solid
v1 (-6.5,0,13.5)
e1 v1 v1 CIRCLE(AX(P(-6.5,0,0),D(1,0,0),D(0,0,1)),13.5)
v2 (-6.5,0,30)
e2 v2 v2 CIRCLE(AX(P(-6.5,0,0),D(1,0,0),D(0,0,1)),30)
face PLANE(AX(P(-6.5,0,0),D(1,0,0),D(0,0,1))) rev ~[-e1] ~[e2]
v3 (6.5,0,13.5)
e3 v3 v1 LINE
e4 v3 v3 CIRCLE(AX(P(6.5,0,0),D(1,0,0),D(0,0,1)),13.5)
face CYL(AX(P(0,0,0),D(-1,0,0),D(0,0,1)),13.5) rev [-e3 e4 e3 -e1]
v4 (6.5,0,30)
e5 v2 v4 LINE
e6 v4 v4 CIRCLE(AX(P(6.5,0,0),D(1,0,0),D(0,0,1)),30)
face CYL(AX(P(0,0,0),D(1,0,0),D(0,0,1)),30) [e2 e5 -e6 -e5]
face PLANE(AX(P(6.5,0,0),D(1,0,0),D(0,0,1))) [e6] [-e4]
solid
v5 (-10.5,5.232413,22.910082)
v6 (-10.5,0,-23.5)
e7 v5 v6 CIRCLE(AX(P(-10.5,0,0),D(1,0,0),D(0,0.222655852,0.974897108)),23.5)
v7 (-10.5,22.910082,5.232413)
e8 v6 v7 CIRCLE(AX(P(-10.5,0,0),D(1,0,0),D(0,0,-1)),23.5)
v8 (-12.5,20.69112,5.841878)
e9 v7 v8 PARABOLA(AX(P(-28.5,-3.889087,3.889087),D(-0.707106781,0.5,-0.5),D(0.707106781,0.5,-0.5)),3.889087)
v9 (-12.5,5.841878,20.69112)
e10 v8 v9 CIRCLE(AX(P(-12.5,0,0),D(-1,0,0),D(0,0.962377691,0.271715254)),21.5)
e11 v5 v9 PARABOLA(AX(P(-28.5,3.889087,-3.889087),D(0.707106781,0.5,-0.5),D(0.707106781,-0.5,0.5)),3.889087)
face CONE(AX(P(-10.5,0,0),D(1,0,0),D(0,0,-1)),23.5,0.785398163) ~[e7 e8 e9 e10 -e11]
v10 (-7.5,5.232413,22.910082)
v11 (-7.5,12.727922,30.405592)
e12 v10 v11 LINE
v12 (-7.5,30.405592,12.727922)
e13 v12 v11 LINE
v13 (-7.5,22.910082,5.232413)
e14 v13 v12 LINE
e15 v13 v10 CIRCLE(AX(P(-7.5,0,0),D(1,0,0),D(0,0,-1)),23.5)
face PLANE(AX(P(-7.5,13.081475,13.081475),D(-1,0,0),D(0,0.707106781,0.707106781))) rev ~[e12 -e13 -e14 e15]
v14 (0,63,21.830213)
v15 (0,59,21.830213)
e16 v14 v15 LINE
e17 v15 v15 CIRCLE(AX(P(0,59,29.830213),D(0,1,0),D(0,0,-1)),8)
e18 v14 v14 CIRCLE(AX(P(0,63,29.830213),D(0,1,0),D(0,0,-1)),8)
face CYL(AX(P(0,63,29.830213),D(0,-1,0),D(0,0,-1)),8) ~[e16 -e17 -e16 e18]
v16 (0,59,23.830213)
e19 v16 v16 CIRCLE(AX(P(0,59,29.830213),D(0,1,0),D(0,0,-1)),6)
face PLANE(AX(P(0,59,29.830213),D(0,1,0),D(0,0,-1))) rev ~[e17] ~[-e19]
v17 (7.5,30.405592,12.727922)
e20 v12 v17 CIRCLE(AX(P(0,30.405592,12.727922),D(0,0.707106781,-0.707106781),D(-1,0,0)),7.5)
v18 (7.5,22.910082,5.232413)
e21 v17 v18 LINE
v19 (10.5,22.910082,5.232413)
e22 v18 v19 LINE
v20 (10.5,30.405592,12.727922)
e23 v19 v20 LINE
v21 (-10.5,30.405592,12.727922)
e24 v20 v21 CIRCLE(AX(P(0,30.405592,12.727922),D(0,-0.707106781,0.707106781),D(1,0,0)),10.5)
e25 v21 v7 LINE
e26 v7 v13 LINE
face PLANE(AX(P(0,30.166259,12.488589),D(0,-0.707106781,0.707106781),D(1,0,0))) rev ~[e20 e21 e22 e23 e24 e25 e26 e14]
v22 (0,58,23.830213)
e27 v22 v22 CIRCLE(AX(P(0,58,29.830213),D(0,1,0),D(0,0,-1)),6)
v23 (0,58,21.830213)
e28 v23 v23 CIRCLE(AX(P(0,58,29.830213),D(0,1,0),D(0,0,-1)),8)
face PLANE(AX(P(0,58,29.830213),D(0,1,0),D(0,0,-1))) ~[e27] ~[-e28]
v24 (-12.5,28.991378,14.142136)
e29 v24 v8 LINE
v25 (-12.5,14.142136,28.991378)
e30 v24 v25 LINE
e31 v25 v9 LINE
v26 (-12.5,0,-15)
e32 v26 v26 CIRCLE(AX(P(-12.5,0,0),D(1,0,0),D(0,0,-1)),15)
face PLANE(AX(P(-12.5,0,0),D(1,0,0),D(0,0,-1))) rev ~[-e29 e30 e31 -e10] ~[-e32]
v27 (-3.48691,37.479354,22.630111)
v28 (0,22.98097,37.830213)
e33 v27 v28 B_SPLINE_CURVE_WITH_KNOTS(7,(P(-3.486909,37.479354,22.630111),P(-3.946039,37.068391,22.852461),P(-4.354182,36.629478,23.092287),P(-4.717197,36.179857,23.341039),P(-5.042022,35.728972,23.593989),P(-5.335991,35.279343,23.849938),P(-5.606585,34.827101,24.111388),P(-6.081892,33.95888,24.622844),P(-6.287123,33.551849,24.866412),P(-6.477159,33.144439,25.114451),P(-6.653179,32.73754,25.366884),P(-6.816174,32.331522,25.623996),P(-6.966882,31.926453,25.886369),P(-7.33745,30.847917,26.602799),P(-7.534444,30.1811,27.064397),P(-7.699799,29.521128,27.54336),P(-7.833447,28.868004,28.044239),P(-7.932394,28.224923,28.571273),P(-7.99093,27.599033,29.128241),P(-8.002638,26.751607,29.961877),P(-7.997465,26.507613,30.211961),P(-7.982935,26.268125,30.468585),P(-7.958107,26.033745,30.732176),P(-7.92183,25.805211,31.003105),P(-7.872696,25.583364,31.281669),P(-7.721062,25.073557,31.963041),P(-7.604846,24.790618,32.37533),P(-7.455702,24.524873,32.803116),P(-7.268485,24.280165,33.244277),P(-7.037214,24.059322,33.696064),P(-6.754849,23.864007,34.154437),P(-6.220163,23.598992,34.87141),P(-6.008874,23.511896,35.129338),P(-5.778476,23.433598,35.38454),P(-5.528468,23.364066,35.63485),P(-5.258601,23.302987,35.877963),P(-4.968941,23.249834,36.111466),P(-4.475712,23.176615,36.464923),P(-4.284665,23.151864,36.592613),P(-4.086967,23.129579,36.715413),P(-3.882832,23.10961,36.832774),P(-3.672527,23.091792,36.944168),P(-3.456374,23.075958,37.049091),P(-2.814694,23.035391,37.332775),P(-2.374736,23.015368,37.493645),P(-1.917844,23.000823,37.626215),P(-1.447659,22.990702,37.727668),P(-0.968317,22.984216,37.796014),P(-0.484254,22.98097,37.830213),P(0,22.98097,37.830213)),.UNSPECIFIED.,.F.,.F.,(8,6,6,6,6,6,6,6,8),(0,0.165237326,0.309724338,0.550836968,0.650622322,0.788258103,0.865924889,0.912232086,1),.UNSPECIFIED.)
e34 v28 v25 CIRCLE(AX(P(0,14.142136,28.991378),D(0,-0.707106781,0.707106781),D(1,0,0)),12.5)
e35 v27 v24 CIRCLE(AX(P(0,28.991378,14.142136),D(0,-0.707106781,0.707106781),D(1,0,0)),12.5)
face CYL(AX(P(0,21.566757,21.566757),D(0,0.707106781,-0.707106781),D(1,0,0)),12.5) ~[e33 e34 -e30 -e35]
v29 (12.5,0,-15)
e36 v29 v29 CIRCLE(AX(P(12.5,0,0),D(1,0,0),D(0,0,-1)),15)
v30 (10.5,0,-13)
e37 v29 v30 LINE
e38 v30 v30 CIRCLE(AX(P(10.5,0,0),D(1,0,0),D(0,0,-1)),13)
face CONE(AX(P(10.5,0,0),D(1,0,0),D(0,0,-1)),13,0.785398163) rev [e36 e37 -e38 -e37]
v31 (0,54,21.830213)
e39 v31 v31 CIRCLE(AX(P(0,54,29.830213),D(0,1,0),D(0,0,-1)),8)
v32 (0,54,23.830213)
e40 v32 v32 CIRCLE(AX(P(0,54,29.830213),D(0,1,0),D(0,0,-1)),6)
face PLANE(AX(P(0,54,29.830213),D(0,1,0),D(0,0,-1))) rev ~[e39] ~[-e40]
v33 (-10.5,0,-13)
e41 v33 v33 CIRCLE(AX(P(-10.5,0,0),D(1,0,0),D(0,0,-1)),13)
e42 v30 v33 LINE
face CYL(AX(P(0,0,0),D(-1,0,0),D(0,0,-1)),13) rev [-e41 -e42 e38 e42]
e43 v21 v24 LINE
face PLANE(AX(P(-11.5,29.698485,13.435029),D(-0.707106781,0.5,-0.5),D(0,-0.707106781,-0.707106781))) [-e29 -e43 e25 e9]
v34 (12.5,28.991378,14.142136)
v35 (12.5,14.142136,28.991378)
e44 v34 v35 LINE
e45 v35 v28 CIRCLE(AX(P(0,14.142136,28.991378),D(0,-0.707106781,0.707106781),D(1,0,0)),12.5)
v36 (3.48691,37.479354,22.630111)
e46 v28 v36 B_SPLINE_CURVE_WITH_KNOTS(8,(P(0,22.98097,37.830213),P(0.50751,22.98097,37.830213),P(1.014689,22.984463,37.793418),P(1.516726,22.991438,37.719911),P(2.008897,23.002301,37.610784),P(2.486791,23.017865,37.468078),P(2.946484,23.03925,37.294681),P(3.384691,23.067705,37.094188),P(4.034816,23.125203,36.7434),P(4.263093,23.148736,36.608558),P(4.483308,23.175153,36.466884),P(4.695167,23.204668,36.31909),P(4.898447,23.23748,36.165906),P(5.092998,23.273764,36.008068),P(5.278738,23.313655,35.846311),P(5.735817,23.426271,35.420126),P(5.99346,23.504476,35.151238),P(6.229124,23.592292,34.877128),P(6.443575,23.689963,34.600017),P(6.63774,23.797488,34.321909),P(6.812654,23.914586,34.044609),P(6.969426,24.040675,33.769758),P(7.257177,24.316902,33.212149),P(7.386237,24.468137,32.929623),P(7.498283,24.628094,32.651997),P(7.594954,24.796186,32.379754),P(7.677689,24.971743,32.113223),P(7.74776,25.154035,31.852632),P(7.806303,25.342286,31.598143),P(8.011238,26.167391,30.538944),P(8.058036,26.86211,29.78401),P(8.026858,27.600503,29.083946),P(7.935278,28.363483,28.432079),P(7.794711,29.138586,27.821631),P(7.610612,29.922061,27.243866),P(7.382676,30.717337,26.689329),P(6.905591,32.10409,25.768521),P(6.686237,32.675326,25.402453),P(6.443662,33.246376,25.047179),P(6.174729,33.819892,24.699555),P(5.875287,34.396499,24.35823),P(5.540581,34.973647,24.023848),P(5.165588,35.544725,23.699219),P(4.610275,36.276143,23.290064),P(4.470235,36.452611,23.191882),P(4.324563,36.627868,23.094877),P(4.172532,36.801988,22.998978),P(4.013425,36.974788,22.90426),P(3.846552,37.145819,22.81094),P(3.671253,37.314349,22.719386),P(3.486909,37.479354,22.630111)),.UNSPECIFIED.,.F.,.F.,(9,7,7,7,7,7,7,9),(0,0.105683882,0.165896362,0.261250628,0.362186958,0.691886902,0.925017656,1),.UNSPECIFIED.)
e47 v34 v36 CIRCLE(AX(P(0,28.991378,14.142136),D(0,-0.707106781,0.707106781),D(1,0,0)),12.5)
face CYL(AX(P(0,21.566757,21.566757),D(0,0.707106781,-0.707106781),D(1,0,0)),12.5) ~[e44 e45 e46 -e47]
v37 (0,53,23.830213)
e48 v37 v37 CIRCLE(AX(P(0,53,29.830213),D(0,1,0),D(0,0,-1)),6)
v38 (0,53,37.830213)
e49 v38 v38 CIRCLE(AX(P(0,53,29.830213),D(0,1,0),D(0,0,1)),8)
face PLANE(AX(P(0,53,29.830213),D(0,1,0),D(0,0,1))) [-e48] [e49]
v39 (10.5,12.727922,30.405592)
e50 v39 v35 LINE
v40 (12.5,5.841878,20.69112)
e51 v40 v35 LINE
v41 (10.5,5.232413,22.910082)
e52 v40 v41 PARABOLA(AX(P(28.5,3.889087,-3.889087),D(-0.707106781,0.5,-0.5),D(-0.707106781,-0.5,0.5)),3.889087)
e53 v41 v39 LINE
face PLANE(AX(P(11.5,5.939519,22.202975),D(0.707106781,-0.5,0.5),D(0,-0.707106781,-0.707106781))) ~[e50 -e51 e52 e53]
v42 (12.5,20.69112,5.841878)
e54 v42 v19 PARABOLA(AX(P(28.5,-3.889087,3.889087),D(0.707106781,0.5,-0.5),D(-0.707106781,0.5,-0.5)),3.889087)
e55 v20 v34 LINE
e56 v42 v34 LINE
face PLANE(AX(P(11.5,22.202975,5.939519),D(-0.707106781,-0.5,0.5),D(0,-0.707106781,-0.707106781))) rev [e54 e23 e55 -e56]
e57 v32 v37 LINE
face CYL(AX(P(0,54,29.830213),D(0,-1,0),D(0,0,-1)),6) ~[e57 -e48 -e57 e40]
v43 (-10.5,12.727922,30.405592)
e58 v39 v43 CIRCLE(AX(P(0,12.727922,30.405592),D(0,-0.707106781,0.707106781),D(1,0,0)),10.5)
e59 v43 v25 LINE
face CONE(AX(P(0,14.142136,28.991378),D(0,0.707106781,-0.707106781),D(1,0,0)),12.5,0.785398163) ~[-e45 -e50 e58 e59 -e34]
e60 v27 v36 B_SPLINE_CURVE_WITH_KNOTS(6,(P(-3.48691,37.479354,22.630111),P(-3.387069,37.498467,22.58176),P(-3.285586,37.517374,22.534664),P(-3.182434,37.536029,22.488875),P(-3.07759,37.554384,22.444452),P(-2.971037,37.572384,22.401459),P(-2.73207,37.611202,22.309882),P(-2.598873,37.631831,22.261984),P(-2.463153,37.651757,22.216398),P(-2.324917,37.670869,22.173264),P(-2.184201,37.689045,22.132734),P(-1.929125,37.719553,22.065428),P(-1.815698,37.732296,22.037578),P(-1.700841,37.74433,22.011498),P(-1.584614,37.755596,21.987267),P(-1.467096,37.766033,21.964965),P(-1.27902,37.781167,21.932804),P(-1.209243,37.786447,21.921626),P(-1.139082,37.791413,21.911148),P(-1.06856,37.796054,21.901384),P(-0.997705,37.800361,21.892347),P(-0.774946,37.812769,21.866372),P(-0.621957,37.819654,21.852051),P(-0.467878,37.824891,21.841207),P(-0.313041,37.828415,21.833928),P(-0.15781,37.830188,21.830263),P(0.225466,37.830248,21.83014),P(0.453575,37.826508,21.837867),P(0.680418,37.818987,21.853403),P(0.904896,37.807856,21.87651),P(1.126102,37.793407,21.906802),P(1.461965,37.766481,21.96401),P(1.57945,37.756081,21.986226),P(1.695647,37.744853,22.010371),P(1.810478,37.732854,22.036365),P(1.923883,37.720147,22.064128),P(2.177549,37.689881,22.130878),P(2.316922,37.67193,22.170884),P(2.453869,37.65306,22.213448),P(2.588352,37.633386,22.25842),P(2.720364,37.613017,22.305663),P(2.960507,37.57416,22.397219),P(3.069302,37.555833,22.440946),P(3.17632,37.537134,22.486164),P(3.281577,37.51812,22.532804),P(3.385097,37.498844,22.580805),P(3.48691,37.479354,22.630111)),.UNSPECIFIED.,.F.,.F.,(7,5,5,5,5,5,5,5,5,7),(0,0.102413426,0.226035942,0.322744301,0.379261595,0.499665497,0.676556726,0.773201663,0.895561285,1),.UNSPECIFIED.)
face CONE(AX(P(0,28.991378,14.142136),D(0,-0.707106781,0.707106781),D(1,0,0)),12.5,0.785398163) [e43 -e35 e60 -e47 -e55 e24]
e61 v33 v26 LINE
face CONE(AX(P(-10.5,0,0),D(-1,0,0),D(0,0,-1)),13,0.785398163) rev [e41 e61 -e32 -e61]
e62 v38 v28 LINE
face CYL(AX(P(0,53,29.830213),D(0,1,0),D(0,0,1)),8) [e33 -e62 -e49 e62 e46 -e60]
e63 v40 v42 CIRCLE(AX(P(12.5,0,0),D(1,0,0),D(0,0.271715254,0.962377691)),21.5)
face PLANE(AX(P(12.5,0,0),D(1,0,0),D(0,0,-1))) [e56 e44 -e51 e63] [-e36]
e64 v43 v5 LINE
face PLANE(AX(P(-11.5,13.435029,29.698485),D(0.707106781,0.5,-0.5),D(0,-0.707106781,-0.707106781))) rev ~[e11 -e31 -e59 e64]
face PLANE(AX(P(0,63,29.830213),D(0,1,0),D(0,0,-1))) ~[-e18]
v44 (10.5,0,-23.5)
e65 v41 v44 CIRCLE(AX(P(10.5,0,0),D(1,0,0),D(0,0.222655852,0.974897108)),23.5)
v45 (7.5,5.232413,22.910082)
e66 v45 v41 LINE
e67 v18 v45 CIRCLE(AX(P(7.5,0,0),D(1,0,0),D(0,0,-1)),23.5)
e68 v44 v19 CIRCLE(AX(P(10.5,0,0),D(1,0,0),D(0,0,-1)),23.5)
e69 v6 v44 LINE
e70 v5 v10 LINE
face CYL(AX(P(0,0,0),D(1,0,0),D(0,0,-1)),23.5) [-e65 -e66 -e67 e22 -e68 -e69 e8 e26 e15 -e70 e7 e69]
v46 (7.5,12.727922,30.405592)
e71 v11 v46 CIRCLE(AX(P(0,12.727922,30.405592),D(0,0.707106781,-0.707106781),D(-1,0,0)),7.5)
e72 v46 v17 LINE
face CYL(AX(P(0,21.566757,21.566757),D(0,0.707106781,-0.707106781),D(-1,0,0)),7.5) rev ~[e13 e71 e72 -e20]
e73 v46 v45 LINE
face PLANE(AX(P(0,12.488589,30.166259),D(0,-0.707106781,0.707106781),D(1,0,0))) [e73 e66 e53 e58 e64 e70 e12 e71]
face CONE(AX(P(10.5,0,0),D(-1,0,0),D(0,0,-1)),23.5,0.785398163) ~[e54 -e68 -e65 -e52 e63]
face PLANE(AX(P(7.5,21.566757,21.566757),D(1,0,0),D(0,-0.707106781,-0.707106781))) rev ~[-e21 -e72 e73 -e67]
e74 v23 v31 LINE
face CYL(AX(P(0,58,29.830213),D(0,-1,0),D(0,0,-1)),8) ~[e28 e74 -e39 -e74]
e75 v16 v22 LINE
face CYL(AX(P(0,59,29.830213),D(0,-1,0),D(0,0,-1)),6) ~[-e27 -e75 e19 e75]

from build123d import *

# Parameters (mm, degrees)
SKETCH1_R           = 30
SKETCH1_R_2         = 13.5
BOSS_EXTRUDE1_DEPTH = 6.5
SKETCH2_R           = 23.5
SKETCH2_R_2         = 13
BOSS_EXTRUDE2_DEPTH = 12.5
BOSS_EXTRUDE3_DEPTH = 12.5
CHAMFER1_SIZE       = 2
BOSS_EXTRUDE4_REACH = 94.067
SKETCH5_R           = 8


with BuildPart() as part:
    # Sketch1 → Boss-Extrude1 (new, symmetric)
    with BuildSketch(Plane(origin=(0, 0, 0), x_dir=(0, 0, -1), z_dir=(1, 0, 0))):
        with Locations(Location((0, 0, 0), (0, 0, 180))):
            Circle(SKETCH1_R)
        with Locations(Location((0, 0, 0), (0, 0, 180))):
            Circle(SKETCH1_R_2, mode=Mode.SUBTRACT)
    extrude(amount=BOSS_EXTRUDE1_DEPTH, both=True)


with BuildPart() as body_2:
    # Sketch2 → Boss-Extrude2 (new, symmetric)
    with BuildSketch(Plane(origin=(0, 0, 0), x_dir=(0, 0, -1), z_dir=(1, 0, 0))):
        Circle(SKETCH2_R)
        Circle(SKETCH2_R_2, mode=Mode.SUBTRACT)
    extrude(amount=BOSS_EXTRUDE2_DEPTH, both=True)

    # Sketch4 → Boss-Extrude3 (add, symmetric)
    with BuildSketch(Plane(origin=(0, 0, 0), x_dir=(-1, 0, 0), z_dir=(0, 0.7071067811865475, -0.7071067811865477))):
        with BuildLine():
            Line((-12.5, 18.5), (-12.5, 30.5))
            ThreePointArc((-12.5, 30.5), (0, 43), (12.5, 30.5))
            Line((12.5, 30.5), (12.5, 18.5))
            Line((12.5, 18.5), (7.5, 18.5))
            Line((7.5, 18.5), (7.5, 30.5))
            ThreePointArc((7.5, 30.5), (0, 38), (-7.5, 30.5))
            Line((-7.5, 30.5), (-7.5, 18.5))
            Line((-7.5, 18.5), (-12.5, 18.5))
        make_face()
    extrude(amount=BOSS_EXTRUDE3_DEPTH, both=True)

    # Chamfer1
    chamfer1_edges = [body_2.edges().sort_by_distance(p)[0] for p in [
        (12.5, -23.352054814, 2.632781035),
        (-12.5, -23.352054814, 2.632781035),
        (-12.5, 26.657836818, 8.980167288),
        (0, 39.244426356, 21.566756826),
        (12.5, 26.657836818, 8.980167288),
        (-12.5, 8.980167288, 26.657836818),
        (0, 21.566756826, 39.244426356),
        (12.5, 8.980167288, 26.657836818),
        (-12.5, 0, 13),
        (12.5, 0, 13),
    ]]
    chamfer(chamfer1_edges, length=CHAMFER1_SIZE)

    # Sketch5 → Boss-Extrude4 (add, up to next)
    with BuildSketch(Plane(origin=(0, 53, 0), x_dir=(1, 0, 0), z_dir=(0, 1, 0)), mode=Mode.PRIVATE) as boss_extrude4_sk1:
        with Locations(Location((0, -29.830212793, 0), (0, 0, 270))):
            Circle(SKETCH5_R)
    boss_extrude4_tool1 = extrude(boss_extrude4_sk1.sketch, amount=-BOSS_EXTRUDE4_REACH, mode=Mode.PRIVATE) - body_2.part
    add(boss_extrude4_tool1.solids().sort_by_distance((0, 53, 29.830213))[0])

    # Sketch6 → Revolve1 (revolve)
    with BuildSketch(Plane(origin=(0, 0, 0), x_dir=(0, 0, -1), z_dir=(1, 0, 0))):
        Polygon((-29.830212793, 53), (-29.830212793, 63), (-21.830212793, 63), (-21.830212793, 59), (-23.830212793, 59), (-23.830212793, 58), (-21.830212793, 58), (-21.830212793, 54), (-23.830212793, 54), (-23.830212793, 53), align=None)
    revolve(axis=Axis((0, 53, 29.830212793), (0, 1, 0)))


solid = Compound([part.part, body_2.part])
